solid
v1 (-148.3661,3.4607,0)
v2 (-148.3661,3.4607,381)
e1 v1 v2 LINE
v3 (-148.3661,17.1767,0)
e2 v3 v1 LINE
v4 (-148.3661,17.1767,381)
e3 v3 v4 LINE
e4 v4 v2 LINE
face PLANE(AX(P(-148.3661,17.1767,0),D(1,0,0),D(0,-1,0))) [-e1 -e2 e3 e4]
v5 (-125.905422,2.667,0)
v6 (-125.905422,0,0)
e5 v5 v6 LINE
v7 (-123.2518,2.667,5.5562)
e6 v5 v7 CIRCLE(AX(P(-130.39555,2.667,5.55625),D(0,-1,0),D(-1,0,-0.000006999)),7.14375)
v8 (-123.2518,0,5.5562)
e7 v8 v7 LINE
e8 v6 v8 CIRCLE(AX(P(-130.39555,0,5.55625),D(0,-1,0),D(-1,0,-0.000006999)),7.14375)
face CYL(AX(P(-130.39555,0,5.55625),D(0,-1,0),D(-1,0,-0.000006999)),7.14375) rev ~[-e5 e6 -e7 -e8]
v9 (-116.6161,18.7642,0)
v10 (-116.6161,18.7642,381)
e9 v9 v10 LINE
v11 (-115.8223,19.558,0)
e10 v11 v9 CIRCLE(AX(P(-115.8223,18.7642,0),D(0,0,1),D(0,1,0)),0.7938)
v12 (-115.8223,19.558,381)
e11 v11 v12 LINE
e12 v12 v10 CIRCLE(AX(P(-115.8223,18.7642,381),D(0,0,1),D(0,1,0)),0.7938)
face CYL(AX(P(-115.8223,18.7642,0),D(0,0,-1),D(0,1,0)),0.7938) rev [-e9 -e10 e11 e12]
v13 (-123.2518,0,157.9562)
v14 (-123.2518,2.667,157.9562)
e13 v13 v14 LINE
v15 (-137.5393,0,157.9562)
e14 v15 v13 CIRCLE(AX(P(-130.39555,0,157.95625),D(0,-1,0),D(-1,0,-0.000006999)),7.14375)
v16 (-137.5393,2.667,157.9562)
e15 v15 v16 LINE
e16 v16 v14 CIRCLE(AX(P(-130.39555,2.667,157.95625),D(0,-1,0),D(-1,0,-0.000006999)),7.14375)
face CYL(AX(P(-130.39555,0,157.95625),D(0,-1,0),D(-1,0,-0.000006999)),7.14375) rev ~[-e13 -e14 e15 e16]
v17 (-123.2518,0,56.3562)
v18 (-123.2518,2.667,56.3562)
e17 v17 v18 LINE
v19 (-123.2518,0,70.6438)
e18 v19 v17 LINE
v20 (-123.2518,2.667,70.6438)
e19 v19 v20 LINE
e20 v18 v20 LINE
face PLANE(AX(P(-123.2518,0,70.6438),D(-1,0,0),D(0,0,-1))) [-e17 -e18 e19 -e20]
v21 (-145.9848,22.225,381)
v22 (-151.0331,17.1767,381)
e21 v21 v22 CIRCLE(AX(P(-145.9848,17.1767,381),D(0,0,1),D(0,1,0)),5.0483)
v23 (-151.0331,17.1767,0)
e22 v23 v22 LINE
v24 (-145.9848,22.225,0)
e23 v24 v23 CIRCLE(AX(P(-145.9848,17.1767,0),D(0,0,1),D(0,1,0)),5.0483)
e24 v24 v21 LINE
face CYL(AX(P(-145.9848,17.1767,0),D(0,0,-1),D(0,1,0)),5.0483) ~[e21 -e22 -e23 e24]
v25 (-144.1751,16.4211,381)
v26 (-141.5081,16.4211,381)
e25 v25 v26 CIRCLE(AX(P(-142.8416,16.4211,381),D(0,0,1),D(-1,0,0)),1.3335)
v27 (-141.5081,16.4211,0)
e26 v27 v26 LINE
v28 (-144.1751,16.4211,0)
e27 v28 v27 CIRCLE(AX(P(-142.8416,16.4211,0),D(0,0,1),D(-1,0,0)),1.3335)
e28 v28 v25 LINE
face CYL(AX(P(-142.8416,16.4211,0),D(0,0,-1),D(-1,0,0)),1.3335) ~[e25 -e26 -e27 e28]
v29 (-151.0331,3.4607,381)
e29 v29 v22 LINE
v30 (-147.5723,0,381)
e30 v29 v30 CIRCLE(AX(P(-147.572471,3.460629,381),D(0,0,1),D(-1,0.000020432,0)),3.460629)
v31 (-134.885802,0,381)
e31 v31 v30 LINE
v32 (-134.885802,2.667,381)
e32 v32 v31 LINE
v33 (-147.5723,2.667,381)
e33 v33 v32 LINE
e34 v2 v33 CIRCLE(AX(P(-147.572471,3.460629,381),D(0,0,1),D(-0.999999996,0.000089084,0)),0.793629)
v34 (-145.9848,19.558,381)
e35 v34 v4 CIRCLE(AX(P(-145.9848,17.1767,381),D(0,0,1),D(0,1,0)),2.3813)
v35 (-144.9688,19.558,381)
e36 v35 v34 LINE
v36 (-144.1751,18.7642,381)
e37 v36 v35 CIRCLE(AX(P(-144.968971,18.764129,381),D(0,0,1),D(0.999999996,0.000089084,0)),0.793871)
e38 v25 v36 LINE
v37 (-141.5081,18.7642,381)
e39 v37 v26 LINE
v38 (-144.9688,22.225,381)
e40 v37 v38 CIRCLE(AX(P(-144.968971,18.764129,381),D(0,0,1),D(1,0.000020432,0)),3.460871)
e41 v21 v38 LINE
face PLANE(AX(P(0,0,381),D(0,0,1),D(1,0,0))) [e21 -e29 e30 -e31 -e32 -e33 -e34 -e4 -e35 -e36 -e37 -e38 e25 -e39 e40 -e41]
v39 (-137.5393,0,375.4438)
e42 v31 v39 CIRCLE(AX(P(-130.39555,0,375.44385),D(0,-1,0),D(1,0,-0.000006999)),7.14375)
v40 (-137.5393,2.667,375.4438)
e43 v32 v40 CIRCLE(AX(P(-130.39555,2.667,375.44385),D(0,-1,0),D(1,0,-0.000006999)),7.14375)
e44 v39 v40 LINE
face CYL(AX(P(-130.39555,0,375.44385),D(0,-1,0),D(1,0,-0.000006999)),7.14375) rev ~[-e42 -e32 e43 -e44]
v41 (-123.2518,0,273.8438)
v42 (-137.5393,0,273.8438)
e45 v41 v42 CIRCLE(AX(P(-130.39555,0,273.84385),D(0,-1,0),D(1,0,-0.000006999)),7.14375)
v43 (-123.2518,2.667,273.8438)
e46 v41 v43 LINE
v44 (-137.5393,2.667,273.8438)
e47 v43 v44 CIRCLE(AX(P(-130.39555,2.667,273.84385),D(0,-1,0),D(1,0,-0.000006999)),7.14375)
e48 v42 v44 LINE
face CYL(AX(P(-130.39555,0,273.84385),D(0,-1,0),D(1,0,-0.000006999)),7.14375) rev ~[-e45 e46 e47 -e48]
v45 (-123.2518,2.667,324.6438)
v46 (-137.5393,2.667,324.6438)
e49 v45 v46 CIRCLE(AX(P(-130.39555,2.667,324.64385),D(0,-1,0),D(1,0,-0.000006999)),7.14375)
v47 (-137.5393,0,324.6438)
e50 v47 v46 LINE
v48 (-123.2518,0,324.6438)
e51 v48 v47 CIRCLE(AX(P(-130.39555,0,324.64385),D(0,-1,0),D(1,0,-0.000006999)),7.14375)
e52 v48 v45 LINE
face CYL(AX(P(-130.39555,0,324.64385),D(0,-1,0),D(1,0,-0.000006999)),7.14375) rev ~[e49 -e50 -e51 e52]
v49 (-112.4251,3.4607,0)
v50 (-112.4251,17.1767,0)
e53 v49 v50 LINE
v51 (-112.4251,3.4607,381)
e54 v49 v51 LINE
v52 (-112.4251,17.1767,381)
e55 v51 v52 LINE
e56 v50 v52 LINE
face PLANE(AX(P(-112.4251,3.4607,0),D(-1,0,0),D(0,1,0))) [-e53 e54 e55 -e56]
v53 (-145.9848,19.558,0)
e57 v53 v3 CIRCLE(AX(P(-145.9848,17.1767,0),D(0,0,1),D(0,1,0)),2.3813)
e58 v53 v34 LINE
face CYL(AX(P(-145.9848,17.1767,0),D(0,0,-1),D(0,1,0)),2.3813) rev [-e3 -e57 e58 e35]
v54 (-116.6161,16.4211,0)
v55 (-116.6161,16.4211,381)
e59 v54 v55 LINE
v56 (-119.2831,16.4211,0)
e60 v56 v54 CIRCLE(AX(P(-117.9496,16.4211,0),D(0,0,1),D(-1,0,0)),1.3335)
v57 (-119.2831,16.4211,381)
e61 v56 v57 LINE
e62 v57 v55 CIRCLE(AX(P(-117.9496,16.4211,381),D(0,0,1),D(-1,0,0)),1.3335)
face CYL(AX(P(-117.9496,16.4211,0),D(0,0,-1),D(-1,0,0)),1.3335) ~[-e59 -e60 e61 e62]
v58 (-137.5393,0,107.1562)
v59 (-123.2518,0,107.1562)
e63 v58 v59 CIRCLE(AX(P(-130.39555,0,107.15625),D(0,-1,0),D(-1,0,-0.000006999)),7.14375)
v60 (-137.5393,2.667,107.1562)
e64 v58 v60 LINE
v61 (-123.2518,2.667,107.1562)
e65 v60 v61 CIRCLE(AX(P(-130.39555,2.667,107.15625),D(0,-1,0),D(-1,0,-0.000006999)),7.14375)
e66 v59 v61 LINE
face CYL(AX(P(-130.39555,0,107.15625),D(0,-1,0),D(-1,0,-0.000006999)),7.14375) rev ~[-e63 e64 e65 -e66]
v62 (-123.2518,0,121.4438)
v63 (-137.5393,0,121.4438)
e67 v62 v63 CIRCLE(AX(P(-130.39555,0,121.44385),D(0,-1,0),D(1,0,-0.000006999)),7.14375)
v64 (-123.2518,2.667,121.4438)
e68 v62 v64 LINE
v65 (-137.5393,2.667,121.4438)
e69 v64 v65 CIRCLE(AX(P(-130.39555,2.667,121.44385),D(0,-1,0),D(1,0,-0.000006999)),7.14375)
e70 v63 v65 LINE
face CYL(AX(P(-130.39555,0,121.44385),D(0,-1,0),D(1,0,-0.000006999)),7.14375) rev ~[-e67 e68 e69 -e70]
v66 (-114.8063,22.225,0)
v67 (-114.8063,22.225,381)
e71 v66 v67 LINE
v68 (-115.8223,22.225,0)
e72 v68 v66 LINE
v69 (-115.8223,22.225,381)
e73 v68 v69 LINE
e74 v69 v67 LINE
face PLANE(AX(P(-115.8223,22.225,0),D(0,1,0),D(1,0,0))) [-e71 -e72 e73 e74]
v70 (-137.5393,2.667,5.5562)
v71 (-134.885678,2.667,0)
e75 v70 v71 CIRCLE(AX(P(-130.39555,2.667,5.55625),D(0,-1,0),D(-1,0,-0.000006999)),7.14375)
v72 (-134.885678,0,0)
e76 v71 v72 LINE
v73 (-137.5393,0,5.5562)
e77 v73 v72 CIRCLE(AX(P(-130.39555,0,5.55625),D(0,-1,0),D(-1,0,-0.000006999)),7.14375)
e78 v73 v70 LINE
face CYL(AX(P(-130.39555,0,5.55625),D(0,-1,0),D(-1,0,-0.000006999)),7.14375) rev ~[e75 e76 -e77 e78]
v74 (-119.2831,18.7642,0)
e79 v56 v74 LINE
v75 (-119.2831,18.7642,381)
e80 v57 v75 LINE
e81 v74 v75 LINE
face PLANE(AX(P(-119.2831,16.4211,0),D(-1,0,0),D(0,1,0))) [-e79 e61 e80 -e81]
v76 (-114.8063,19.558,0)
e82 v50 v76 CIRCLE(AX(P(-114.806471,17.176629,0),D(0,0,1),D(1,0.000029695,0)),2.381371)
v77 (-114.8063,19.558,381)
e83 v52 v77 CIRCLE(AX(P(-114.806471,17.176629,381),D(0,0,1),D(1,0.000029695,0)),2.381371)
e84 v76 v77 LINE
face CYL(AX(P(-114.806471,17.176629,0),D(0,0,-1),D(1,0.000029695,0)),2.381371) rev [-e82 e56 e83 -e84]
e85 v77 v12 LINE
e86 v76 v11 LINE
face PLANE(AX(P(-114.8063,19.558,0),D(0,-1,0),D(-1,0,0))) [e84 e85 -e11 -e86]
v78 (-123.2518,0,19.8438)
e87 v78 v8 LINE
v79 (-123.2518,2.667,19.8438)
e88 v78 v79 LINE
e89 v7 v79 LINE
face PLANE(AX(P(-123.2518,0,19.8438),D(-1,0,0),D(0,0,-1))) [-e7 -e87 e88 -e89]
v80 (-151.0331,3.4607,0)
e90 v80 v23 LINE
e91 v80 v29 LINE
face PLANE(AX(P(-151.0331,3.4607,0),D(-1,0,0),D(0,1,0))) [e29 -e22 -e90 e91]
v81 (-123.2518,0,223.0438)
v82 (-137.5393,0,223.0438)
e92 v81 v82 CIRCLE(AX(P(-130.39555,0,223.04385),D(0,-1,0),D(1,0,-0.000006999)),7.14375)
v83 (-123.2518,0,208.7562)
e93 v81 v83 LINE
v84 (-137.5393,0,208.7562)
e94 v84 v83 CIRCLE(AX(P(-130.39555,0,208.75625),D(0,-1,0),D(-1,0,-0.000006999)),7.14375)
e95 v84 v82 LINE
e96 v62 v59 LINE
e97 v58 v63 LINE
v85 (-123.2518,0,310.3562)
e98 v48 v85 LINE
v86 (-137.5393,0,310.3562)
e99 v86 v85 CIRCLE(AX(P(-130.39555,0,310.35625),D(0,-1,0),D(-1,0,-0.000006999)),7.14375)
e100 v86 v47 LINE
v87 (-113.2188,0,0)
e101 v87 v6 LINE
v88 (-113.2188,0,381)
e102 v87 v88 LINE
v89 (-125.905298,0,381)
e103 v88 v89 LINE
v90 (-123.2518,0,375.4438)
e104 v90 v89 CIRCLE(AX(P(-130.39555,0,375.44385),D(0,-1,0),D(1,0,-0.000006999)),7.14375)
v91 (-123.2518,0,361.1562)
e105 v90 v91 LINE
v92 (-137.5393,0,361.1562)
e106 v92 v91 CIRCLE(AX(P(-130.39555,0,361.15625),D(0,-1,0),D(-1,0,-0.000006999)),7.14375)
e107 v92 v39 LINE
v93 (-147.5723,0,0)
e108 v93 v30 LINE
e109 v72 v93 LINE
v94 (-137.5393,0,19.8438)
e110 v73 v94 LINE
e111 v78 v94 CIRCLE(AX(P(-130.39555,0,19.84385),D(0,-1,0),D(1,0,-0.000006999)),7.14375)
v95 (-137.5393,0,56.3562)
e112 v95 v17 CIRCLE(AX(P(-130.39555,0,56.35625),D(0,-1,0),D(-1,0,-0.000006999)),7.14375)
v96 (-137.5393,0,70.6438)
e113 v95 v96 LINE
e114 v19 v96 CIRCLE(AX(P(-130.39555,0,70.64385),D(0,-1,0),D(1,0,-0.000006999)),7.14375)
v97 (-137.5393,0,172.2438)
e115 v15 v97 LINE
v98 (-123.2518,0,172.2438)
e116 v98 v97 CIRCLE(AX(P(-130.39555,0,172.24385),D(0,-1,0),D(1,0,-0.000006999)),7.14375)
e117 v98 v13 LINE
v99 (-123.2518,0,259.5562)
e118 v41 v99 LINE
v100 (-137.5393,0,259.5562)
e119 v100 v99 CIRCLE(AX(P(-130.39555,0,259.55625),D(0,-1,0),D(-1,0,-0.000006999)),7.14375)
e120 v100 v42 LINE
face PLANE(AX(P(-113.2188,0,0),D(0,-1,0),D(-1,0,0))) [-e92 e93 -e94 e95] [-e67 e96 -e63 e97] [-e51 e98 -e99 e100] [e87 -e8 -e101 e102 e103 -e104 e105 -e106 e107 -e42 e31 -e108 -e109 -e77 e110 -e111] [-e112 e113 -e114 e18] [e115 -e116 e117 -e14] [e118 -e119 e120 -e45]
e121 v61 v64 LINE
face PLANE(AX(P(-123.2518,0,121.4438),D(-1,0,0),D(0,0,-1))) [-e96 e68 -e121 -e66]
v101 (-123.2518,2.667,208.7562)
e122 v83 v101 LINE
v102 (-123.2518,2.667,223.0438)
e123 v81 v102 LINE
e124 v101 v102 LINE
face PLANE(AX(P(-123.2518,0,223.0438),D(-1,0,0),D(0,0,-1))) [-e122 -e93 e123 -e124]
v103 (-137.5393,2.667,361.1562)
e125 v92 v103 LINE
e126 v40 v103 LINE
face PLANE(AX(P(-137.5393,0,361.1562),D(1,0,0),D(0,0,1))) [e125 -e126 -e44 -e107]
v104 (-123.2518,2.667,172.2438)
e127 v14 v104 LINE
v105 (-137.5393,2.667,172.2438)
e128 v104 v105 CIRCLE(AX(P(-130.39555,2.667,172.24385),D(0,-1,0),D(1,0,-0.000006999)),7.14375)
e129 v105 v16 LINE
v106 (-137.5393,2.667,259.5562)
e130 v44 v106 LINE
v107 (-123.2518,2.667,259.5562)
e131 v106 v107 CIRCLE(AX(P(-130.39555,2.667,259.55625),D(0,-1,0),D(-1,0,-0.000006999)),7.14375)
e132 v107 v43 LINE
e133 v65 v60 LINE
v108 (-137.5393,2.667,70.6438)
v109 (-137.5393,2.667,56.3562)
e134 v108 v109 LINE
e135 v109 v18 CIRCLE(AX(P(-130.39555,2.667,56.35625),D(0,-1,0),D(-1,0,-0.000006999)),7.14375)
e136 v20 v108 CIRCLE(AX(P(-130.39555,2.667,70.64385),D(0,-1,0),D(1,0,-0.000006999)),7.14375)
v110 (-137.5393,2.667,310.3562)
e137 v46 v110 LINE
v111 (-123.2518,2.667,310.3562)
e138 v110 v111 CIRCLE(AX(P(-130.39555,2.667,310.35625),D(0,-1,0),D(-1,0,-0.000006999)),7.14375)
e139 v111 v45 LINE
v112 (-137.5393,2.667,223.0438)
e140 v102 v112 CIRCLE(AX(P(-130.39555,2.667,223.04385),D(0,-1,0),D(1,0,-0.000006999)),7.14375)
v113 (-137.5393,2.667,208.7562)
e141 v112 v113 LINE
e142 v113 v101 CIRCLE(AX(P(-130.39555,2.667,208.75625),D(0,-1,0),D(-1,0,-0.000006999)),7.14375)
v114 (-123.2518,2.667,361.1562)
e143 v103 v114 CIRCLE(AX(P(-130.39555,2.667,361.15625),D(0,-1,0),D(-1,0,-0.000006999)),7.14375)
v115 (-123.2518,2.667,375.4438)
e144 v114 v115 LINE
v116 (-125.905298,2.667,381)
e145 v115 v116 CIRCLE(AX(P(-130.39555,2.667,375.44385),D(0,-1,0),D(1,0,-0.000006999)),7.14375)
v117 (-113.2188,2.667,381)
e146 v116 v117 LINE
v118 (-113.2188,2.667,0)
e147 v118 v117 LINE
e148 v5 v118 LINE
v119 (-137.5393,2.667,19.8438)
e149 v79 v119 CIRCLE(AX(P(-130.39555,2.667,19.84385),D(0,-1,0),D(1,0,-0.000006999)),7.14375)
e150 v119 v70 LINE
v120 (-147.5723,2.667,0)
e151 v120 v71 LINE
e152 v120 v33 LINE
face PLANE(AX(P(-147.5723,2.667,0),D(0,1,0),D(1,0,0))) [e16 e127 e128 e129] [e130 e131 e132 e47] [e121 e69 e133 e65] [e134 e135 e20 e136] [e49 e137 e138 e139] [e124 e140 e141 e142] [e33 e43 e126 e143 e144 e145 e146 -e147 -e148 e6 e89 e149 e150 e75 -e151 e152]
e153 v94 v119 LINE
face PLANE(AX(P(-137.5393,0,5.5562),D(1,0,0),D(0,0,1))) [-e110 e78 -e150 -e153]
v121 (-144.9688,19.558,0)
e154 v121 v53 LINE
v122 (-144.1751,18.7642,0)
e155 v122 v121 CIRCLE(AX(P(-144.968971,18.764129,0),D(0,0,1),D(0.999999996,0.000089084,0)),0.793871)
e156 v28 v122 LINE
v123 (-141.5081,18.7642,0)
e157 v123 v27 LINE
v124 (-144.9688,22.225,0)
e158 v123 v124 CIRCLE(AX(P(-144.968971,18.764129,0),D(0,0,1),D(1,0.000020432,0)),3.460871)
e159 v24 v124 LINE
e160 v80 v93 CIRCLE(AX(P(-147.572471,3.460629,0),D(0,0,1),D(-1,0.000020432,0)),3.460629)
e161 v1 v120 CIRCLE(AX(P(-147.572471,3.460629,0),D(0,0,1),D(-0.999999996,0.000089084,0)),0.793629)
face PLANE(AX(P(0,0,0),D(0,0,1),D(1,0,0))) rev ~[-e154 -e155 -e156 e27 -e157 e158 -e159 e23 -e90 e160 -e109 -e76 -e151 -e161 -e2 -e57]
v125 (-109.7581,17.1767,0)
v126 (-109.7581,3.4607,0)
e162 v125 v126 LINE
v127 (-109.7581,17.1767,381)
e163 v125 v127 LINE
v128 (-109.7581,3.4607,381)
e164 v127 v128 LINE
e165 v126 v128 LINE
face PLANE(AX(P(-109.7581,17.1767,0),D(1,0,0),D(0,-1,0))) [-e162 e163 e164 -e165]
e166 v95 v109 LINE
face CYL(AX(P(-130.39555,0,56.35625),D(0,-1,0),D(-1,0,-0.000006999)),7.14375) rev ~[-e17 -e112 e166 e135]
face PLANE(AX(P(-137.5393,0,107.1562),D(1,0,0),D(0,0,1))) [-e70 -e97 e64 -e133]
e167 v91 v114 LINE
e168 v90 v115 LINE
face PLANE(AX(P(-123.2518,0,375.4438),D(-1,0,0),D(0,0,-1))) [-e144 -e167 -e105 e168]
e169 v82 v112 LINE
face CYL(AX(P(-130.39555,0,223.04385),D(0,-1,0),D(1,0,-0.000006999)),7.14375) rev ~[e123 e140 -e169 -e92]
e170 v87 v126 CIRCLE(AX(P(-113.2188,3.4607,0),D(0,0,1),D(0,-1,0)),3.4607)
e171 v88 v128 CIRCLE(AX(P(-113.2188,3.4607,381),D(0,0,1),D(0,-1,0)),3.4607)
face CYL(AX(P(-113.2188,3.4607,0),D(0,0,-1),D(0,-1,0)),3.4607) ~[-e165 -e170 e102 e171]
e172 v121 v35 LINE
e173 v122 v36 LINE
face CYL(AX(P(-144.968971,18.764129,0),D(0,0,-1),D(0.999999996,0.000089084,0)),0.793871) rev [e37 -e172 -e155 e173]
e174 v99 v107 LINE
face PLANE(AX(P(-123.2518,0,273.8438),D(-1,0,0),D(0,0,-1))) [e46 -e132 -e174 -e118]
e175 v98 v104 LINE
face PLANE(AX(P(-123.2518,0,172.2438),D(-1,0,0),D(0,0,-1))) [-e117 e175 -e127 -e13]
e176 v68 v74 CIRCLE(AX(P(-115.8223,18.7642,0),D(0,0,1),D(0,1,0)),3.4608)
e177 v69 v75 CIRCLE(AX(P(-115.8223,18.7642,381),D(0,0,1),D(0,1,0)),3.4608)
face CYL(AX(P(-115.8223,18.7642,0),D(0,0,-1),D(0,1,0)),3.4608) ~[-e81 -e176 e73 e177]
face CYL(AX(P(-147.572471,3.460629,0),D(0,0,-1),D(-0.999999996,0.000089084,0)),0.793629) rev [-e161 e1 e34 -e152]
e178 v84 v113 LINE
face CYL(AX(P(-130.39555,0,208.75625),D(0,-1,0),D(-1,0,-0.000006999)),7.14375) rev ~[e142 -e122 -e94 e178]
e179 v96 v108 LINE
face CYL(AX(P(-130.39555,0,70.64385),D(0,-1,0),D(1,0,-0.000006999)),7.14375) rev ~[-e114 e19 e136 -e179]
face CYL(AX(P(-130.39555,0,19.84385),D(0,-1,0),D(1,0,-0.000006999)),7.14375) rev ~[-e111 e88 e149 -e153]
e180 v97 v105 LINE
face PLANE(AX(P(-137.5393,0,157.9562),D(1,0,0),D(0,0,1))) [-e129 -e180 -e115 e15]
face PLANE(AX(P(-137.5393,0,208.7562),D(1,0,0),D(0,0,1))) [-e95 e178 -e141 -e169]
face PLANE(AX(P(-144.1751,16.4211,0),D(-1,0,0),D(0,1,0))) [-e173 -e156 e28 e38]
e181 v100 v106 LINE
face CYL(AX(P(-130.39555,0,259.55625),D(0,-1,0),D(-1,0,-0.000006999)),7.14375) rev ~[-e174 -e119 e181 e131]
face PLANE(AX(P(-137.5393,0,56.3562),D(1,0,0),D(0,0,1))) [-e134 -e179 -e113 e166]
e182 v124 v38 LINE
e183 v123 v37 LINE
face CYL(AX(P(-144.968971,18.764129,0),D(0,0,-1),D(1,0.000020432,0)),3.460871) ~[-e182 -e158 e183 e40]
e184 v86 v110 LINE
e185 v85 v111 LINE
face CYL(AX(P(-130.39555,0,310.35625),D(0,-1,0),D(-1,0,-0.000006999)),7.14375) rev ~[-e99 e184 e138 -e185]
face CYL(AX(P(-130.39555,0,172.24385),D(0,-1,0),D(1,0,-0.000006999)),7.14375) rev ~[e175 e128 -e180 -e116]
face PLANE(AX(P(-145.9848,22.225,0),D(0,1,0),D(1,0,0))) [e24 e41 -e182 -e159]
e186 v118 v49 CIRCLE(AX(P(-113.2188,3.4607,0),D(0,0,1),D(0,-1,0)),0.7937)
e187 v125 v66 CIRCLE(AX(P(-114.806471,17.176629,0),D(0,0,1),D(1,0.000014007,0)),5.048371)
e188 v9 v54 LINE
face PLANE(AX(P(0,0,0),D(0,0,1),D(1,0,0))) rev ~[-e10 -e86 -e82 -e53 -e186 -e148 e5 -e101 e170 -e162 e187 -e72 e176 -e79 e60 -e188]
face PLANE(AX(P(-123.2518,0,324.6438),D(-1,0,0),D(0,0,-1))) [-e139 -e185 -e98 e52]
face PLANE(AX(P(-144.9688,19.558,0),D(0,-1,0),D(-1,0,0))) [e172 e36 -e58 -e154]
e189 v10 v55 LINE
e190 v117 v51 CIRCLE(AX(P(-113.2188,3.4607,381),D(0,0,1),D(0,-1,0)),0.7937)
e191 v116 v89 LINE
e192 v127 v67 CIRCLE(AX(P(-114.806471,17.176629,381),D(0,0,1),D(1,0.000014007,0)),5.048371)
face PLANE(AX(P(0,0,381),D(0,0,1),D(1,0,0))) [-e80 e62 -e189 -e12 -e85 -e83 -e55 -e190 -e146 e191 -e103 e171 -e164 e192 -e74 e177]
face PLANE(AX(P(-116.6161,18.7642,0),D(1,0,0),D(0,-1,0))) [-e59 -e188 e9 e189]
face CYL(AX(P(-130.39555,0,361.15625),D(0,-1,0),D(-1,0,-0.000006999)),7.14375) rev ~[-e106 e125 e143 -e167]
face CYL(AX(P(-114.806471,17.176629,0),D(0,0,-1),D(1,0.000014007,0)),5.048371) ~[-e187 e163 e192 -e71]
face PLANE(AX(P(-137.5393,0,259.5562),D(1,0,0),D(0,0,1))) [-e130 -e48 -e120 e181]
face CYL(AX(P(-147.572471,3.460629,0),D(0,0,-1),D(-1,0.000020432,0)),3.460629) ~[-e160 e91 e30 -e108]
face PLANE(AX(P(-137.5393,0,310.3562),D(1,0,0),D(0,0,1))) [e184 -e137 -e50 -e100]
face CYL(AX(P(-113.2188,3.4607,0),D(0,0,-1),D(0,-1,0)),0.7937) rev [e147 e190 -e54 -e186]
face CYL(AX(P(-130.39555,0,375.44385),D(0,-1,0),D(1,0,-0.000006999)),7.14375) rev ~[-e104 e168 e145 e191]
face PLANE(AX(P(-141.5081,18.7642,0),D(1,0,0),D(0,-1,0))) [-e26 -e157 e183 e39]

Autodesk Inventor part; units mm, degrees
ref_plane "YZ Plane" through (0, 0, 0) normal (1, 0, 0) x (0, 1, 0)
ref_plane "XZ Plane" through (0, 0, 0) normal (0, 1, 0) x (-1, 0, 0)
ref_plane "Work Plane1" through (0, 0, 0) normal (0, 0, 1) x (1, 0, 0)
sketch "Sketch1" plane through (0, 0, 0) normal (0, 0, 1) x (1, 0, 0)
  arc A0 (-113.2188, 0) -> (-109.7581, 3.4607) centre (-113.2188, 3.4607) ccw projected
  line L0 (-109.7581, 17.1767) -> (-109.7581, 3.4607) projected
  arc A1 (-109.7581, 17.1767) -> (-114.8063, 22.225) centre (-114.8063, 17.1767) ccw projected
  line L1 (-115.8223, 22.225) -> (-114.8063, 22.225) projected
  arc A2 (-115.8223, 22.225) -> (-119.2831, 18.7642) centre (-115.8223, 18.7642) ccw projected
  line L2 (-119.2831, 16.4211) -> (-119.2831, 18.7642) projected
  arc A3 (-119.2831, 16.4211) -> (-116.6161, 16.4211) centre (-117.9496, 16.4211) ccw projected
  line L3 (-116.6161, 18.7642) -> (-116.6161, 16.4211) projected
  arc A4 (-115.8223, 19.558) -> (-116.6161, 18.7642) centre (-115.8223, 18.7642) ccw projected
  line L4 (-114.8063, 19.558) -> (-115.8223, 19.558) projected
  arc A5 (-112.4251, 17.1767) -> (-114.8063, 19.558) centre (-114.8063, 17.1767) ccw projected
  line L5 (-112.4251, 3.4607) -> (-112.4251, 17.1767) projected
  arc A6 (-113.2188, 2.667) -> (-112.4251, 3.4607) centre (-113.2188, 3.4607) ccw projected
  line L6 (-147.5723, 2.667) -> (-113.2188, 2.667) projected
  arc A7 (-148.3661, 3.4607) -> (-147.5723, 2.667) centre (-147.5723, 3.4607) ccw projected
  line L7 (-148.3661, 17.1767) -> (-148.3661, 3.4607) projected
  arc A8 (-145.9848, 19.558) -> (-148.3661, 17.1767) centre (-145.9848, 17.1767) ccw projected
  line L8 (-144.9688, 19.558) -> (-145.9848, 19.558) projected
  arc A9 (-144.1751, 18.7642) -> (-144.9688, 19.558) centre (-144.9688, 18.7642) ccw projected
  line L9 (-144.1751, 16.4211) -> (-144.1751, 18.7642) projected
  arc A10 (-144.1751, 16.4211) -> (-141.5081, 16.4211) centre (-142.8416, 16.4211) ccw projected
  line L10 (-141.5081, 18.7642) -> (-141.5081, 16.4211) projected
  arc A11 (-141.5081, 18.7642) -> (-144.9688, 22.225) centre (-144.9688, 18.7642) ccw projected
  line L11 (-145.9848, 22.225) -> (-144.9688, 22.225) projected
  arc A12 (-145.9848, 22.225) -> (-151.0331, 17.1767) centre (-145.9848, 17.1767) ccw projected
  line L12 (-151.0331, 3.4607) -> (-151.0331, 17.1767) projected
  arc A13 (-151.0331, 3.4607) -> (-147.5723, 0) centre (-147.5723, 3.4607) ccw projected
  line L13 (-113.2188, 0) -> (-147.5723, 0) projected
  point P0 (0, 0)
extrude "Extrusion1" add sketch "Sketch1" along normal blind 381
ref_plane "Work Plane2" through (0, 0, 190.5) normal (0, 0, 1) x (1, 0, 0)
sketch "Sketch2" plane through (-147.5723, 0, 0) normal (0, -1, 0) x (1, 0, 0)
  line L0 (34.3535, 0) -> (0, 0) construction
  line L1 (17.1767, 0) -> (17.1767, 381) construction
  line L2 (0, 381) -> (34.3535, 381) construction
  line L3 (17.1767, 382.5875) -> (17.1767, 354.0125) construction
  line L4 (24.3205, 375.4438) -> (24.3205, 361.1562)
  line L5 (10.033, 361.1562) -> (10.033, 375.4438)
  arc A0 (24.3205, 375.4438) -> (10.033, 375.4438) centre (17.1767, 375.4438) ccw
  arc A1 (10.033, 361.1562) -> (24.3205, 361.1562) centre (17.1767, 361.1562) ccw
  point P0 (147.5723, 0)
  point P1 (17.1767, 368.3)
  dimension "d6" = 14.2875
  dimension "d7" = 28.575
  dimension "d15" = 1.5875
extrude "Extrusion2" cut sketch "Sketch2" against normal blind 25.4
pattern_linear "Rectangular Pattern1" count 8 spacing 50.8 along (0, 0, -1) of "Extrusion2"
properties part number "Horizontal-Unistrut-Tower-Connector-15 w holes"
